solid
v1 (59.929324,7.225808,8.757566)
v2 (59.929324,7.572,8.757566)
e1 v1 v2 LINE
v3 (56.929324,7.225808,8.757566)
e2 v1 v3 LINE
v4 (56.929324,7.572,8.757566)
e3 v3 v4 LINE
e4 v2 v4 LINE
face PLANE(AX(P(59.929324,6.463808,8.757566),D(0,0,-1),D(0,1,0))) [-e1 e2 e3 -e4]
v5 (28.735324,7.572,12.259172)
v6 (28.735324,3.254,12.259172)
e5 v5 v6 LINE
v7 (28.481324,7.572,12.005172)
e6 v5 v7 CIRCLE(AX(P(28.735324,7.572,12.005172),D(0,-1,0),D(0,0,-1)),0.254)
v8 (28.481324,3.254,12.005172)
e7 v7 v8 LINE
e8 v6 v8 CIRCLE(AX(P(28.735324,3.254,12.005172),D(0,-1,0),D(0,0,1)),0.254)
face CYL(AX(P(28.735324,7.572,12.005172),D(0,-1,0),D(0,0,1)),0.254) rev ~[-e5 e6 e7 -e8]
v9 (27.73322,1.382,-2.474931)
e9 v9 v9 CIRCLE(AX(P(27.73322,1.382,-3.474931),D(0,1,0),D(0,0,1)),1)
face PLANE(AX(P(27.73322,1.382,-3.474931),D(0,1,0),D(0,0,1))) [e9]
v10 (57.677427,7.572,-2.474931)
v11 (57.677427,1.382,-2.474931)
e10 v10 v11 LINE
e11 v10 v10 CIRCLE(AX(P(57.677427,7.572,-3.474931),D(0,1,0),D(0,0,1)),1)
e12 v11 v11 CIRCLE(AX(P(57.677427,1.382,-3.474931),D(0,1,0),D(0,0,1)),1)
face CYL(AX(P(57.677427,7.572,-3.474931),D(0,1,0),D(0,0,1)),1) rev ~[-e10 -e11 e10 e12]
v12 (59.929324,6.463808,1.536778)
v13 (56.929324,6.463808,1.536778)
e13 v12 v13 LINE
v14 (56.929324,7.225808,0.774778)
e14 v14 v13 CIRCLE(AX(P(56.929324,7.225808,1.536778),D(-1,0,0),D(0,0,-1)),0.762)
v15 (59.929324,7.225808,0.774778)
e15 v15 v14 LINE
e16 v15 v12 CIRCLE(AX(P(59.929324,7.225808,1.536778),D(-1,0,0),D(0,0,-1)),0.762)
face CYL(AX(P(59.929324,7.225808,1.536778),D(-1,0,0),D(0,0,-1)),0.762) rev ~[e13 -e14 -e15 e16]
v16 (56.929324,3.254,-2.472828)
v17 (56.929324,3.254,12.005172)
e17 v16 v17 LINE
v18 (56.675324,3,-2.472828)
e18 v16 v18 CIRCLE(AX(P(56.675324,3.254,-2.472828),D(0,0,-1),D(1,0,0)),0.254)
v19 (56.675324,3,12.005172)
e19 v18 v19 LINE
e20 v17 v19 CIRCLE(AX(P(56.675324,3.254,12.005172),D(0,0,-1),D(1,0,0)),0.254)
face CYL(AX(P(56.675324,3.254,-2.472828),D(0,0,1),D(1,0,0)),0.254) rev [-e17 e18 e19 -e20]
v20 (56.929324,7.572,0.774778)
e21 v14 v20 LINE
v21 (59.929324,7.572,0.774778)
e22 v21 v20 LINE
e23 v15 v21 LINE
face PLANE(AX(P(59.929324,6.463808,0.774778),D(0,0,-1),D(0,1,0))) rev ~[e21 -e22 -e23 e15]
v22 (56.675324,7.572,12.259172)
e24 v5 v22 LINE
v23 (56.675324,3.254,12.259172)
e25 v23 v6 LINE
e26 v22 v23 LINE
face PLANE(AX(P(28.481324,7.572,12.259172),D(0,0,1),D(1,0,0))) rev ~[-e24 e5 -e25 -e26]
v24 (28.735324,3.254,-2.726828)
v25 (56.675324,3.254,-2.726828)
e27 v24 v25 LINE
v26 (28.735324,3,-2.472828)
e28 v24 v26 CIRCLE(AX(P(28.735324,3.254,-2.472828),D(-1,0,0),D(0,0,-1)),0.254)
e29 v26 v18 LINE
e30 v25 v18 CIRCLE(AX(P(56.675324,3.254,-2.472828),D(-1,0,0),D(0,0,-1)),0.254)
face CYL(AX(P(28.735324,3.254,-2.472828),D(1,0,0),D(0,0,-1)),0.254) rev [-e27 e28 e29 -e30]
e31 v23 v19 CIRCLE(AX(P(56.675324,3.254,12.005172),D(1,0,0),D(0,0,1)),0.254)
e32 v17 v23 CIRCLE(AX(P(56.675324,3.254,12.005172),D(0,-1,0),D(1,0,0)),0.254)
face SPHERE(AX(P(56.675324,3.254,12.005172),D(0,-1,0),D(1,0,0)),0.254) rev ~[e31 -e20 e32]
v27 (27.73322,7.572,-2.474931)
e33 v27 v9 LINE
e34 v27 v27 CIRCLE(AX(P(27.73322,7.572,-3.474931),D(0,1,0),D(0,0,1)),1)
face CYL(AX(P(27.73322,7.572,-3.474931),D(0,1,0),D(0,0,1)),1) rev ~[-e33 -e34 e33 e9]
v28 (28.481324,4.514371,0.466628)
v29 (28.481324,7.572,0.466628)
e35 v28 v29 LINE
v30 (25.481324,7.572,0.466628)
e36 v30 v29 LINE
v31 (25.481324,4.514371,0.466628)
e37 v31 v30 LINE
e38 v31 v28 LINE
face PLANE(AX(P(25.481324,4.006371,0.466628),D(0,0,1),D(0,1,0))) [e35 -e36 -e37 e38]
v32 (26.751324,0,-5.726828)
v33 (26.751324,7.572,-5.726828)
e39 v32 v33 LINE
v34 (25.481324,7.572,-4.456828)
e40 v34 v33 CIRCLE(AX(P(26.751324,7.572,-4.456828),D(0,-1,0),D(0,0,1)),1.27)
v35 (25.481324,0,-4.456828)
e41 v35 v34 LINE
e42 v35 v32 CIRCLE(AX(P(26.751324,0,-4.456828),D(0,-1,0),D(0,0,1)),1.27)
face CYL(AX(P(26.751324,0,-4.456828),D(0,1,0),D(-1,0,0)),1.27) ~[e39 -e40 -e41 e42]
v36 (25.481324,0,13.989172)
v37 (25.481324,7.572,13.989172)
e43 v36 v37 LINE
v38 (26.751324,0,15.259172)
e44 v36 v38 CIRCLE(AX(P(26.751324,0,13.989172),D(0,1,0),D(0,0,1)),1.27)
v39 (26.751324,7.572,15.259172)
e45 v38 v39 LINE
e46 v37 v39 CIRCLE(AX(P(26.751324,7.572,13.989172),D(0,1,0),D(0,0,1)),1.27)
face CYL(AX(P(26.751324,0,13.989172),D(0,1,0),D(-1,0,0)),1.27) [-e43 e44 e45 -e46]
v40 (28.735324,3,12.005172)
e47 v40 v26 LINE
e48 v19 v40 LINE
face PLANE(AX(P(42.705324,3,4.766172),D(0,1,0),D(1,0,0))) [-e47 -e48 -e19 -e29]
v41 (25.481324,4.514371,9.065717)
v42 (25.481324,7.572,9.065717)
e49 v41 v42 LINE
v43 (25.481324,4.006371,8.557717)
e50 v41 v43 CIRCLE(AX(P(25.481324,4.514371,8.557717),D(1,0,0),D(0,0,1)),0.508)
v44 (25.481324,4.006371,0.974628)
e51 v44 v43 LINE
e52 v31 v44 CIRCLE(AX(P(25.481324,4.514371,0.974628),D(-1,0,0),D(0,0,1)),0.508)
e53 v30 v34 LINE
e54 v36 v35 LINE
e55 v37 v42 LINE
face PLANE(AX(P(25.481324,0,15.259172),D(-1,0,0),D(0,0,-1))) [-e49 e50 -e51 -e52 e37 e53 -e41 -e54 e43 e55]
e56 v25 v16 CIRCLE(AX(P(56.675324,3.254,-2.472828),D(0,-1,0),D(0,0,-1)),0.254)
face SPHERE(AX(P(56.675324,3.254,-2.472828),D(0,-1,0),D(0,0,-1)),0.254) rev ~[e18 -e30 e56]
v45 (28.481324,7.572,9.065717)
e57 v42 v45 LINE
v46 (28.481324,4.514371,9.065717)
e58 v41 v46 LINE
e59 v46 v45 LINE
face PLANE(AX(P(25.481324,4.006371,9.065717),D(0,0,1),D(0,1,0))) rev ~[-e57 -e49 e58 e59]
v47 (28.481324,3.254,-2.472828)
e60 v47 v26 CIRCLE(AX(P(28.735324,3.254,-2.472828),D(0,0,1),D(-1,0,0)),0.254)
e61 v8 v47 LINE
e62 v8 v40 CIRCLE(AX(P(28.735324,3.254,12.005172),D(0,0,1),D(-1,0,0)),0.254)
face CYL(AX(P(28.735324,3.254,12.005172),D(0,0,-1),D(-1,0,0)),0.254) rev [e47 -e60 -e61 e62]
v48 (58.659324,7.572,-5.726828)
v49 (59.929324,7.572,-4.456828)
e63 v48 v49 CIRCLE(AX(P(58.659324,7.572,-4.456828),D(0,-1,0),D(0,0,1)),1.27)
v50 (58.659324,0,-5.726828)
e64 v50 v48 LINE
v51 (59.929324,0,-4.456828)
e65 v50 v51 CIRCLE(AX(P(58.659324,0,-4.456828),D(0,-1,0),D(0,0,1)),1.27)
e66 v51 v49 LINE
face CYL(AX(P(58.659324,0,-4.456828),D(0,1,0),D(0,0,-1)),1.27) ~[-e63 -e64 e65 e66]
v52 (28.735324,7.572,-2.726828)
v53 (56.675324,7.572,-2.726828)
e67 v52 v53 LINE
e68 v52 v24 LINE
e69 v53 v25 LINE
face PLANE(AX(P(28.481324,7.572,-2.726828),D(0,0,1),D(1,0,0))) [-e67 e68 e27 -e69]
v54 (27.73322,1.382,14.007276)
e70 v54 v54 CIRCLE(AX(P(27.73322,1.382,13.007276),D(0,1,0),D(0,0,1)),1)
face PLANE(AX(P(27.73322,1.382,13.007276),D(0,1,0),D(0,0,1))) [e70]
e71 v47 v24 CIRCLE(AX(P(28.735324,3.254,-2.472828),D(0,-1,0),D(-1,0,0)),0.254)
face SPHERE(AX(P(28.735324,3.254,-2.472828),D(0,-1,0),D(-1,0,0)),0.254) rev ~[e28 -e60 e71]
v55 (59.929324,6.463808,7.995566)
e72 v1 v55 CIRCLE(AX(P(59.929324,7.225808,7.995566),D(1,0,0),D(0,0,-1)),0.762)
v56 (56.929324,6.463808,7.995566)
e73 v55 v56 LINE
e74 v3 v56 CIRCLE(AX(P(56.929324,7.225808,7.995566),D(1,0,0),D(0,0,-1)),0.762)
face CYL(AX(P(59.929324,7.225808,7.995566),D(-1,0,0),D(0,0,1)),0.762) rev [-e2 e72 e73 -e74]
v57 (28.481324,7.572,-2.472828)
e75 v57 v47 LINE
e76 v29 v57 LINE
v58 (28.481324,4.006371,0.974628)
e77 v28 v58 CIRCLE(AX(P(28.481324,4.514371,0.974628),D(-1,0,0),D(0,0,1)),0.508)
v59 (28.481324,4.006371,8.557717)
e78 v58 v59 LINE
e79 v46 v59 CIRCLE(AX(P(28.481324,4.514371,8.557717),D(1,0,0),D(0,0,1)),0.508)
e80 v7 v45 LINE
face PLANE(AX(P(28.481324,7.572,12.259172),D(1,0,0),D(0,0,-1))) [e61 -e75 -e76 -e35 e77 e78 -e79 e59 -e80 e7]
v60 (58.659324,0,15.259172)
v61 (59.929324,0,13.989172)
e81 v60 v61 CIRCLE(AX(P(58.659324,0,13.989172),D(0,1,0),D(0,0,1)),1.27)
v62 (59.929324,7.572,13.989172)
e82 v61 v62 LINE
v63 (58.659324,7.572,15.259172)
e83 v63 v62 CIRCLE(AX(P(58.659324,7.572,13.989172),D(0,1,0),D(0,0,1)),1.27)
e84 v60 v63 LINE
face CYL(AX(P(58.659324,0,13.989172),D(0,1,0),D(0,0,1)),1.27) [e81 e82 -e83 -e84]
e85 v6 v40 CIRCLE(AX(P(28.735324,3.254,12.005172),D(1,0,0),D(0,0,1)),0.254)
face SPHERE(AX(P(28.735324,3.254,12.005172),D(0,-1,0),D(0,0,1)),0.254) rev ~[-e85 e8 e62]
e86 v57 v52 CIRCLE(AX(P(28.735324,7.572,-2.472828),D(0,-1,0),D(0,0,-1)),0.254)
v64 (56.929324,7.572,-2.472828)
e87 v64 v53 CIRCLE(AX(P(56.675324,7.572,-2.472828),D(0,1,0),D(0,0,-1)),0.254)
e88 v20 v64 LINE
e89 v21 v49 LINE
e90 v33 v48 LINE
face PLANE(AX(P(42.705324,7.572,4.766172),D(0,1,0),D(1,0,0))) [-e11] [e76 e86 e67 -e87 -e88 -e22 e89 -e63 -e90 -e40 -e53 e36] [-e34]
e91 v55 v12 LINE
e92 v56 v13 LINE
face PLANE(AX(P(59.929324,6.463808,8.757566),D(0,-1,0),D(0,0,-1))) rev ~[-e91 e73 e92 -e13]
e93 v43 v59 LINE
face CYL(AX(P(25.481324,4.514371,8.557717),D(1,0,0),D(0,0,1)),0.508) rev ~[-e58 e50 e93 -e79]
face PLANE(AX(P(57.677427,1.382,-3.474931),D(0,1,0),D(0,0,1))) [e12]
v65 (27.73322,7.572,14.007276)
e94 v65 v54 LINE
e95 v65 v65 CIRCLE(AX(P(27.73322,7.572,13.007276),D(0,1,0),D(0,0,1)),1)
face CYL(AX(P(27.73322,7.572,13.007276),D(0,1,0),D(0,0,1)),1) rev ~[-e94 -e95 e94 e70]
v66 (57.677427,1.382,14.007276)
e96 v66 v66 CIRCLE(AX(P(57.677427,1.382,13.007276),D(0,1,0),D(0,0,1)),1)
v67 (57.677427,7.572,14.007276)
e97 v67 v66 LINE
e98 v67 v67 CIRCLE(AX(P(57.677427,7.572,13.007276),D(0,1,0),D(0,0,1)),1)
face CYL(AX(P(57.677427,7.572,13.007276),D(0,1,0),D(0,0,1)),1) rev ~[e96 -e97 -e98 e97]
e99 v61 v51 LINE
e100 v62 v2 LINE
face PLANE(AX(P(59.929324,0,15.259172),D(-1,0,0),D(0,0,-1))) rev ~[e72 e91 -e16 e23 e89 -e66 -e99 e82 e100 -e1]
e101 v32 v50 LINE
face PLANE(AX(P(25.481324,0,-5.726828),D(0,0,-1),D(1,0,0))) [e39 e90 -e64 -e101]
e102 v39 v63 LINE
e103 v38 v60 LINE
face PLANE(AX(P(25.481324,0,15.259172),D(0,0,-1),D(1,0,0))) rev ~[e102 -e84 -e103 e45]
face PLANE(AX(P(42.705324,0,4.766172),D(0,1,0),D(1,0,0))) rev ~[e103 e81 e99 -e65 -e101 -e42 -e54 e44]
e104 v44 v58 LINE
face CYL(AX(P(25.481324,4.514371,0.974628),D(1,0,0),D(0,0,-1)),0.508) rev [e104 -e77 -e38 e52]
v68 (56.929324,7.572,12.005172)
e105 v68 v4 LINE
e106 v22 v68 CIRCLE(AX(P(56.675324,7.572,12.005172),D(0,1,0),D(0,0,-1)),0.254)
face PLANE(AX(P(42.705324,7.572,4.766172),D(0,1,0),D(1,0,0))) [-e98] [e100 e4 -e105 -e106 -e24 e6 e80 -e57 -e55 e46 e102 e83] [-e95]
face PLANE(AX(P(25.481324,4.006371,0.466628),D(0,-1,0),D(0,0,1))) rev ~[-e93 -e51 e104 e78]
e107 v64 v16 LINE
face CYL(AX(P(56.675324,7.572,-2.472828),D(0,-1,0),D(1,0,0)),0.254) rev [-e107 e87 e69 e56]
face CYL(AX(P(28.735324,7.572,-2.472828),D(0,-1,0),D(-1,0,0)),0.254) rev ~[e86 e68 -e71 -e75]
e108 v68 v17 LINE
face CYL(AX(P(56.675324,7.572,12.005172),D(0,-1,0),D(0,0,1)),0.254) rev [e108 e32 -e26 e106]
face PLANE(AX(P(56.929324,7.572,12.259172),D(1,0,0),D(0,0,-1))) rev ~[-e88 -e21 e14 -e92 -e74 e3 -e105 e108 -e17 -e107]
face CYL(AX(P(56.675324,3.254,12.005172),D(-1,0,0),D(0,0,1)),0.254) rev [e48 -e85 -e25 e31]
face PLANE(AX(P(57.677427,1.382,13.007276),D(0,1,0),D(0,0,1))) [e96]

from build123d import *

# Parameters (mm, degrees)
SKETCH1_W           = 34.447999938
SKETCH1_H           = 20.985999938
BOSS_EXTRUDE1_DEPTH = 7.572
SKETCH3_W           = 28.448
SKETCH3_H           = 14.986
CUT_EXTRUDE1_DEPTH  = 4.572
SKETCH4_R           = 1
CUT_EXTRUDE2_DEPTH  = 6.19
FILLET1_R           = 1.27
FILLET2_R           = 0.254
FILLET3_R           = 0.254
SKETCH5_W           = 8.599089175
SKETCH5_H           = 3.565628699
CUT_EXTRUDE3_DEPTH  = 2.999999969
FILLET4_R           = 0.508
SKETCH7_W           = 7.982788435
SKETCH7_H           = 1.108191991
CUT_EXTRUDE4_DEPTH  = 2.999999969
FILLET5_R           = 0.762


with BuildPart() as part:
    # Sketch1 → Boss-Extrude1 (new body)
    with BuildSketch(Plane(origin=(0, 0, 0), x_dir=(1, 0, 0), z_dir=(0, 1, 0))):
        with Locations((42.705323942, -4.766172171)):
            Rectangle(SKETCH1_W, SKETCH1_H)
    extrude(amount=BOSS_EXTRUDE1_DEPTH)

    # Sketch3 → Cut-Extrude1 (cut)
    with BuildSketch(Plane(origin=(0, 7.572, 0), x_dir=(1, 0, 0), z_dir=(0, 1, 0))):
        with Locations((42.705323942, -4.766172171)):
            Rectangle(SKETCH3_W, SKETCH3_H)
    extrude(amount=-CUT_EXTRUDE1_DEPTH, mode=Mode.SUBTRACT)

    # Sketch4 → Cut-Extrude2 (cut)
    with BuildSketch(Plane(origin=(0, 7.572, 0), x_dir=(1, 0, 0), z_dir=(0, 1, 0))):
        with Locations(Location((57.677427469, 3.474931356, 0), (0, 0, 270))):
            Circle(SKETCH4_R)
        with Locations(Location((57.677427469, -13.007275697, 0), (0, 0, 270))):
            Circle(SKETCH4_R)
        with Locations(Location((27.733220415, -13.007275697, 0), (0, 0, 270))):
            Circle(SKETCH4_R)
        with Locations(Location((27.733220415, 3.474931356, 0), (0, 0, 270))):
            Circle(SKETCH4_R)
    extrude(amount=-CUT_EXTRUDE2_DEPTH, mode=Mode.SUBTRACT)

    # Fillet1
    fillet1_edges = [part.edges().sort_by_distance(p)[0] for p in [
        (25.481323973, 3.786, -5.726827798),
        (59.929323911, 3.786, -5.726827798),
        (59.929323911, 3.786, 15.25917214),
        (25.481323973, 3.786, 15.25917214),
    ]]
    fillet(fillet1_edges, radius=FILLET1_R)

    # Fillet2
    fillet2_edges = [part.edges().sort_by_distance(p)[0] for p in [
        (28.481323942, 5.286, 12.259172171),
        (28.481323942, 5.286, -2.726827829),
        (56.929323942, 5.286, -2.726827829),
        (56.929323942, 5.286, 12.259172171),
    ]]
    fillet(fillet2_edges, radius=FILLET2_R)

    # Fillet3
    fillet3_edges = [part.edges().sort_by_distance(p)[0] for p in [
        (42.705323942, 3, -2.726827829),
        (56.929323942, 3, 4.766172171),
        (28.481323942, 3, 4.766172171),
        (42.705323942, 3, 12.259172171),
        (28.555718819, 3, -2.652432952),
        (28.555718819, 3, 12.184777293),
        (56.854929064, 3, 12.184777293),
        (56.854929064, 3, -2.652432952),
    ]]
    fillet(fillet3_edges, radius=FILLET3_R)

    # Sketch5 → Cut-Extrude3 (cut)
    with BuildSketch(Plane.ZY.offset(-25.481323973)):
        with Locations((4.76617217, 5.789185651)):
            Rectangle(SKETCH5_W, SKETCH5_H)
    extrude(amount=-CUT_EXTRUDE3_DEPTH, mode=Mode.SUBTRACT)

    # Fillet4
    fillet4_edges = [part.edges().sort_by_distance(p)[0] for p in [
        (26.981323957, 4.006371301, 9.065716758),
        (26.981323957, 4.006371301, 0.466627583),
    ]]
    fillet(fillet4_edges, radius=FILLET4_R)

    # Sketch7 → Cut-Extrude4 (cut)
    with BuildSketch(Plane(origin=(59.929323911, 0, 0), x_dir=(0, 0, -1), z_dir=(1, 0, 0))):
        with Locations((-4.766172171, 7.017904005)):
            Rectangle(SKETCH7_W, SKETCH7_H)
    extrude(amount=-CUT_EXTRUDE4_DEPTH, mode=Mode.SUBTRACT)

    # Fillet5
    fillet5_edges = [part.edges().sort_by_distance(p)[0] for p in [
        (58.429323926, 6.463808009, 0.774777953),
        (58.429323926, 6.463808009, 8.757566388),
    ]]
    fillet(fillet5_edges, radius=FILLET5_R)


solid = part.part
